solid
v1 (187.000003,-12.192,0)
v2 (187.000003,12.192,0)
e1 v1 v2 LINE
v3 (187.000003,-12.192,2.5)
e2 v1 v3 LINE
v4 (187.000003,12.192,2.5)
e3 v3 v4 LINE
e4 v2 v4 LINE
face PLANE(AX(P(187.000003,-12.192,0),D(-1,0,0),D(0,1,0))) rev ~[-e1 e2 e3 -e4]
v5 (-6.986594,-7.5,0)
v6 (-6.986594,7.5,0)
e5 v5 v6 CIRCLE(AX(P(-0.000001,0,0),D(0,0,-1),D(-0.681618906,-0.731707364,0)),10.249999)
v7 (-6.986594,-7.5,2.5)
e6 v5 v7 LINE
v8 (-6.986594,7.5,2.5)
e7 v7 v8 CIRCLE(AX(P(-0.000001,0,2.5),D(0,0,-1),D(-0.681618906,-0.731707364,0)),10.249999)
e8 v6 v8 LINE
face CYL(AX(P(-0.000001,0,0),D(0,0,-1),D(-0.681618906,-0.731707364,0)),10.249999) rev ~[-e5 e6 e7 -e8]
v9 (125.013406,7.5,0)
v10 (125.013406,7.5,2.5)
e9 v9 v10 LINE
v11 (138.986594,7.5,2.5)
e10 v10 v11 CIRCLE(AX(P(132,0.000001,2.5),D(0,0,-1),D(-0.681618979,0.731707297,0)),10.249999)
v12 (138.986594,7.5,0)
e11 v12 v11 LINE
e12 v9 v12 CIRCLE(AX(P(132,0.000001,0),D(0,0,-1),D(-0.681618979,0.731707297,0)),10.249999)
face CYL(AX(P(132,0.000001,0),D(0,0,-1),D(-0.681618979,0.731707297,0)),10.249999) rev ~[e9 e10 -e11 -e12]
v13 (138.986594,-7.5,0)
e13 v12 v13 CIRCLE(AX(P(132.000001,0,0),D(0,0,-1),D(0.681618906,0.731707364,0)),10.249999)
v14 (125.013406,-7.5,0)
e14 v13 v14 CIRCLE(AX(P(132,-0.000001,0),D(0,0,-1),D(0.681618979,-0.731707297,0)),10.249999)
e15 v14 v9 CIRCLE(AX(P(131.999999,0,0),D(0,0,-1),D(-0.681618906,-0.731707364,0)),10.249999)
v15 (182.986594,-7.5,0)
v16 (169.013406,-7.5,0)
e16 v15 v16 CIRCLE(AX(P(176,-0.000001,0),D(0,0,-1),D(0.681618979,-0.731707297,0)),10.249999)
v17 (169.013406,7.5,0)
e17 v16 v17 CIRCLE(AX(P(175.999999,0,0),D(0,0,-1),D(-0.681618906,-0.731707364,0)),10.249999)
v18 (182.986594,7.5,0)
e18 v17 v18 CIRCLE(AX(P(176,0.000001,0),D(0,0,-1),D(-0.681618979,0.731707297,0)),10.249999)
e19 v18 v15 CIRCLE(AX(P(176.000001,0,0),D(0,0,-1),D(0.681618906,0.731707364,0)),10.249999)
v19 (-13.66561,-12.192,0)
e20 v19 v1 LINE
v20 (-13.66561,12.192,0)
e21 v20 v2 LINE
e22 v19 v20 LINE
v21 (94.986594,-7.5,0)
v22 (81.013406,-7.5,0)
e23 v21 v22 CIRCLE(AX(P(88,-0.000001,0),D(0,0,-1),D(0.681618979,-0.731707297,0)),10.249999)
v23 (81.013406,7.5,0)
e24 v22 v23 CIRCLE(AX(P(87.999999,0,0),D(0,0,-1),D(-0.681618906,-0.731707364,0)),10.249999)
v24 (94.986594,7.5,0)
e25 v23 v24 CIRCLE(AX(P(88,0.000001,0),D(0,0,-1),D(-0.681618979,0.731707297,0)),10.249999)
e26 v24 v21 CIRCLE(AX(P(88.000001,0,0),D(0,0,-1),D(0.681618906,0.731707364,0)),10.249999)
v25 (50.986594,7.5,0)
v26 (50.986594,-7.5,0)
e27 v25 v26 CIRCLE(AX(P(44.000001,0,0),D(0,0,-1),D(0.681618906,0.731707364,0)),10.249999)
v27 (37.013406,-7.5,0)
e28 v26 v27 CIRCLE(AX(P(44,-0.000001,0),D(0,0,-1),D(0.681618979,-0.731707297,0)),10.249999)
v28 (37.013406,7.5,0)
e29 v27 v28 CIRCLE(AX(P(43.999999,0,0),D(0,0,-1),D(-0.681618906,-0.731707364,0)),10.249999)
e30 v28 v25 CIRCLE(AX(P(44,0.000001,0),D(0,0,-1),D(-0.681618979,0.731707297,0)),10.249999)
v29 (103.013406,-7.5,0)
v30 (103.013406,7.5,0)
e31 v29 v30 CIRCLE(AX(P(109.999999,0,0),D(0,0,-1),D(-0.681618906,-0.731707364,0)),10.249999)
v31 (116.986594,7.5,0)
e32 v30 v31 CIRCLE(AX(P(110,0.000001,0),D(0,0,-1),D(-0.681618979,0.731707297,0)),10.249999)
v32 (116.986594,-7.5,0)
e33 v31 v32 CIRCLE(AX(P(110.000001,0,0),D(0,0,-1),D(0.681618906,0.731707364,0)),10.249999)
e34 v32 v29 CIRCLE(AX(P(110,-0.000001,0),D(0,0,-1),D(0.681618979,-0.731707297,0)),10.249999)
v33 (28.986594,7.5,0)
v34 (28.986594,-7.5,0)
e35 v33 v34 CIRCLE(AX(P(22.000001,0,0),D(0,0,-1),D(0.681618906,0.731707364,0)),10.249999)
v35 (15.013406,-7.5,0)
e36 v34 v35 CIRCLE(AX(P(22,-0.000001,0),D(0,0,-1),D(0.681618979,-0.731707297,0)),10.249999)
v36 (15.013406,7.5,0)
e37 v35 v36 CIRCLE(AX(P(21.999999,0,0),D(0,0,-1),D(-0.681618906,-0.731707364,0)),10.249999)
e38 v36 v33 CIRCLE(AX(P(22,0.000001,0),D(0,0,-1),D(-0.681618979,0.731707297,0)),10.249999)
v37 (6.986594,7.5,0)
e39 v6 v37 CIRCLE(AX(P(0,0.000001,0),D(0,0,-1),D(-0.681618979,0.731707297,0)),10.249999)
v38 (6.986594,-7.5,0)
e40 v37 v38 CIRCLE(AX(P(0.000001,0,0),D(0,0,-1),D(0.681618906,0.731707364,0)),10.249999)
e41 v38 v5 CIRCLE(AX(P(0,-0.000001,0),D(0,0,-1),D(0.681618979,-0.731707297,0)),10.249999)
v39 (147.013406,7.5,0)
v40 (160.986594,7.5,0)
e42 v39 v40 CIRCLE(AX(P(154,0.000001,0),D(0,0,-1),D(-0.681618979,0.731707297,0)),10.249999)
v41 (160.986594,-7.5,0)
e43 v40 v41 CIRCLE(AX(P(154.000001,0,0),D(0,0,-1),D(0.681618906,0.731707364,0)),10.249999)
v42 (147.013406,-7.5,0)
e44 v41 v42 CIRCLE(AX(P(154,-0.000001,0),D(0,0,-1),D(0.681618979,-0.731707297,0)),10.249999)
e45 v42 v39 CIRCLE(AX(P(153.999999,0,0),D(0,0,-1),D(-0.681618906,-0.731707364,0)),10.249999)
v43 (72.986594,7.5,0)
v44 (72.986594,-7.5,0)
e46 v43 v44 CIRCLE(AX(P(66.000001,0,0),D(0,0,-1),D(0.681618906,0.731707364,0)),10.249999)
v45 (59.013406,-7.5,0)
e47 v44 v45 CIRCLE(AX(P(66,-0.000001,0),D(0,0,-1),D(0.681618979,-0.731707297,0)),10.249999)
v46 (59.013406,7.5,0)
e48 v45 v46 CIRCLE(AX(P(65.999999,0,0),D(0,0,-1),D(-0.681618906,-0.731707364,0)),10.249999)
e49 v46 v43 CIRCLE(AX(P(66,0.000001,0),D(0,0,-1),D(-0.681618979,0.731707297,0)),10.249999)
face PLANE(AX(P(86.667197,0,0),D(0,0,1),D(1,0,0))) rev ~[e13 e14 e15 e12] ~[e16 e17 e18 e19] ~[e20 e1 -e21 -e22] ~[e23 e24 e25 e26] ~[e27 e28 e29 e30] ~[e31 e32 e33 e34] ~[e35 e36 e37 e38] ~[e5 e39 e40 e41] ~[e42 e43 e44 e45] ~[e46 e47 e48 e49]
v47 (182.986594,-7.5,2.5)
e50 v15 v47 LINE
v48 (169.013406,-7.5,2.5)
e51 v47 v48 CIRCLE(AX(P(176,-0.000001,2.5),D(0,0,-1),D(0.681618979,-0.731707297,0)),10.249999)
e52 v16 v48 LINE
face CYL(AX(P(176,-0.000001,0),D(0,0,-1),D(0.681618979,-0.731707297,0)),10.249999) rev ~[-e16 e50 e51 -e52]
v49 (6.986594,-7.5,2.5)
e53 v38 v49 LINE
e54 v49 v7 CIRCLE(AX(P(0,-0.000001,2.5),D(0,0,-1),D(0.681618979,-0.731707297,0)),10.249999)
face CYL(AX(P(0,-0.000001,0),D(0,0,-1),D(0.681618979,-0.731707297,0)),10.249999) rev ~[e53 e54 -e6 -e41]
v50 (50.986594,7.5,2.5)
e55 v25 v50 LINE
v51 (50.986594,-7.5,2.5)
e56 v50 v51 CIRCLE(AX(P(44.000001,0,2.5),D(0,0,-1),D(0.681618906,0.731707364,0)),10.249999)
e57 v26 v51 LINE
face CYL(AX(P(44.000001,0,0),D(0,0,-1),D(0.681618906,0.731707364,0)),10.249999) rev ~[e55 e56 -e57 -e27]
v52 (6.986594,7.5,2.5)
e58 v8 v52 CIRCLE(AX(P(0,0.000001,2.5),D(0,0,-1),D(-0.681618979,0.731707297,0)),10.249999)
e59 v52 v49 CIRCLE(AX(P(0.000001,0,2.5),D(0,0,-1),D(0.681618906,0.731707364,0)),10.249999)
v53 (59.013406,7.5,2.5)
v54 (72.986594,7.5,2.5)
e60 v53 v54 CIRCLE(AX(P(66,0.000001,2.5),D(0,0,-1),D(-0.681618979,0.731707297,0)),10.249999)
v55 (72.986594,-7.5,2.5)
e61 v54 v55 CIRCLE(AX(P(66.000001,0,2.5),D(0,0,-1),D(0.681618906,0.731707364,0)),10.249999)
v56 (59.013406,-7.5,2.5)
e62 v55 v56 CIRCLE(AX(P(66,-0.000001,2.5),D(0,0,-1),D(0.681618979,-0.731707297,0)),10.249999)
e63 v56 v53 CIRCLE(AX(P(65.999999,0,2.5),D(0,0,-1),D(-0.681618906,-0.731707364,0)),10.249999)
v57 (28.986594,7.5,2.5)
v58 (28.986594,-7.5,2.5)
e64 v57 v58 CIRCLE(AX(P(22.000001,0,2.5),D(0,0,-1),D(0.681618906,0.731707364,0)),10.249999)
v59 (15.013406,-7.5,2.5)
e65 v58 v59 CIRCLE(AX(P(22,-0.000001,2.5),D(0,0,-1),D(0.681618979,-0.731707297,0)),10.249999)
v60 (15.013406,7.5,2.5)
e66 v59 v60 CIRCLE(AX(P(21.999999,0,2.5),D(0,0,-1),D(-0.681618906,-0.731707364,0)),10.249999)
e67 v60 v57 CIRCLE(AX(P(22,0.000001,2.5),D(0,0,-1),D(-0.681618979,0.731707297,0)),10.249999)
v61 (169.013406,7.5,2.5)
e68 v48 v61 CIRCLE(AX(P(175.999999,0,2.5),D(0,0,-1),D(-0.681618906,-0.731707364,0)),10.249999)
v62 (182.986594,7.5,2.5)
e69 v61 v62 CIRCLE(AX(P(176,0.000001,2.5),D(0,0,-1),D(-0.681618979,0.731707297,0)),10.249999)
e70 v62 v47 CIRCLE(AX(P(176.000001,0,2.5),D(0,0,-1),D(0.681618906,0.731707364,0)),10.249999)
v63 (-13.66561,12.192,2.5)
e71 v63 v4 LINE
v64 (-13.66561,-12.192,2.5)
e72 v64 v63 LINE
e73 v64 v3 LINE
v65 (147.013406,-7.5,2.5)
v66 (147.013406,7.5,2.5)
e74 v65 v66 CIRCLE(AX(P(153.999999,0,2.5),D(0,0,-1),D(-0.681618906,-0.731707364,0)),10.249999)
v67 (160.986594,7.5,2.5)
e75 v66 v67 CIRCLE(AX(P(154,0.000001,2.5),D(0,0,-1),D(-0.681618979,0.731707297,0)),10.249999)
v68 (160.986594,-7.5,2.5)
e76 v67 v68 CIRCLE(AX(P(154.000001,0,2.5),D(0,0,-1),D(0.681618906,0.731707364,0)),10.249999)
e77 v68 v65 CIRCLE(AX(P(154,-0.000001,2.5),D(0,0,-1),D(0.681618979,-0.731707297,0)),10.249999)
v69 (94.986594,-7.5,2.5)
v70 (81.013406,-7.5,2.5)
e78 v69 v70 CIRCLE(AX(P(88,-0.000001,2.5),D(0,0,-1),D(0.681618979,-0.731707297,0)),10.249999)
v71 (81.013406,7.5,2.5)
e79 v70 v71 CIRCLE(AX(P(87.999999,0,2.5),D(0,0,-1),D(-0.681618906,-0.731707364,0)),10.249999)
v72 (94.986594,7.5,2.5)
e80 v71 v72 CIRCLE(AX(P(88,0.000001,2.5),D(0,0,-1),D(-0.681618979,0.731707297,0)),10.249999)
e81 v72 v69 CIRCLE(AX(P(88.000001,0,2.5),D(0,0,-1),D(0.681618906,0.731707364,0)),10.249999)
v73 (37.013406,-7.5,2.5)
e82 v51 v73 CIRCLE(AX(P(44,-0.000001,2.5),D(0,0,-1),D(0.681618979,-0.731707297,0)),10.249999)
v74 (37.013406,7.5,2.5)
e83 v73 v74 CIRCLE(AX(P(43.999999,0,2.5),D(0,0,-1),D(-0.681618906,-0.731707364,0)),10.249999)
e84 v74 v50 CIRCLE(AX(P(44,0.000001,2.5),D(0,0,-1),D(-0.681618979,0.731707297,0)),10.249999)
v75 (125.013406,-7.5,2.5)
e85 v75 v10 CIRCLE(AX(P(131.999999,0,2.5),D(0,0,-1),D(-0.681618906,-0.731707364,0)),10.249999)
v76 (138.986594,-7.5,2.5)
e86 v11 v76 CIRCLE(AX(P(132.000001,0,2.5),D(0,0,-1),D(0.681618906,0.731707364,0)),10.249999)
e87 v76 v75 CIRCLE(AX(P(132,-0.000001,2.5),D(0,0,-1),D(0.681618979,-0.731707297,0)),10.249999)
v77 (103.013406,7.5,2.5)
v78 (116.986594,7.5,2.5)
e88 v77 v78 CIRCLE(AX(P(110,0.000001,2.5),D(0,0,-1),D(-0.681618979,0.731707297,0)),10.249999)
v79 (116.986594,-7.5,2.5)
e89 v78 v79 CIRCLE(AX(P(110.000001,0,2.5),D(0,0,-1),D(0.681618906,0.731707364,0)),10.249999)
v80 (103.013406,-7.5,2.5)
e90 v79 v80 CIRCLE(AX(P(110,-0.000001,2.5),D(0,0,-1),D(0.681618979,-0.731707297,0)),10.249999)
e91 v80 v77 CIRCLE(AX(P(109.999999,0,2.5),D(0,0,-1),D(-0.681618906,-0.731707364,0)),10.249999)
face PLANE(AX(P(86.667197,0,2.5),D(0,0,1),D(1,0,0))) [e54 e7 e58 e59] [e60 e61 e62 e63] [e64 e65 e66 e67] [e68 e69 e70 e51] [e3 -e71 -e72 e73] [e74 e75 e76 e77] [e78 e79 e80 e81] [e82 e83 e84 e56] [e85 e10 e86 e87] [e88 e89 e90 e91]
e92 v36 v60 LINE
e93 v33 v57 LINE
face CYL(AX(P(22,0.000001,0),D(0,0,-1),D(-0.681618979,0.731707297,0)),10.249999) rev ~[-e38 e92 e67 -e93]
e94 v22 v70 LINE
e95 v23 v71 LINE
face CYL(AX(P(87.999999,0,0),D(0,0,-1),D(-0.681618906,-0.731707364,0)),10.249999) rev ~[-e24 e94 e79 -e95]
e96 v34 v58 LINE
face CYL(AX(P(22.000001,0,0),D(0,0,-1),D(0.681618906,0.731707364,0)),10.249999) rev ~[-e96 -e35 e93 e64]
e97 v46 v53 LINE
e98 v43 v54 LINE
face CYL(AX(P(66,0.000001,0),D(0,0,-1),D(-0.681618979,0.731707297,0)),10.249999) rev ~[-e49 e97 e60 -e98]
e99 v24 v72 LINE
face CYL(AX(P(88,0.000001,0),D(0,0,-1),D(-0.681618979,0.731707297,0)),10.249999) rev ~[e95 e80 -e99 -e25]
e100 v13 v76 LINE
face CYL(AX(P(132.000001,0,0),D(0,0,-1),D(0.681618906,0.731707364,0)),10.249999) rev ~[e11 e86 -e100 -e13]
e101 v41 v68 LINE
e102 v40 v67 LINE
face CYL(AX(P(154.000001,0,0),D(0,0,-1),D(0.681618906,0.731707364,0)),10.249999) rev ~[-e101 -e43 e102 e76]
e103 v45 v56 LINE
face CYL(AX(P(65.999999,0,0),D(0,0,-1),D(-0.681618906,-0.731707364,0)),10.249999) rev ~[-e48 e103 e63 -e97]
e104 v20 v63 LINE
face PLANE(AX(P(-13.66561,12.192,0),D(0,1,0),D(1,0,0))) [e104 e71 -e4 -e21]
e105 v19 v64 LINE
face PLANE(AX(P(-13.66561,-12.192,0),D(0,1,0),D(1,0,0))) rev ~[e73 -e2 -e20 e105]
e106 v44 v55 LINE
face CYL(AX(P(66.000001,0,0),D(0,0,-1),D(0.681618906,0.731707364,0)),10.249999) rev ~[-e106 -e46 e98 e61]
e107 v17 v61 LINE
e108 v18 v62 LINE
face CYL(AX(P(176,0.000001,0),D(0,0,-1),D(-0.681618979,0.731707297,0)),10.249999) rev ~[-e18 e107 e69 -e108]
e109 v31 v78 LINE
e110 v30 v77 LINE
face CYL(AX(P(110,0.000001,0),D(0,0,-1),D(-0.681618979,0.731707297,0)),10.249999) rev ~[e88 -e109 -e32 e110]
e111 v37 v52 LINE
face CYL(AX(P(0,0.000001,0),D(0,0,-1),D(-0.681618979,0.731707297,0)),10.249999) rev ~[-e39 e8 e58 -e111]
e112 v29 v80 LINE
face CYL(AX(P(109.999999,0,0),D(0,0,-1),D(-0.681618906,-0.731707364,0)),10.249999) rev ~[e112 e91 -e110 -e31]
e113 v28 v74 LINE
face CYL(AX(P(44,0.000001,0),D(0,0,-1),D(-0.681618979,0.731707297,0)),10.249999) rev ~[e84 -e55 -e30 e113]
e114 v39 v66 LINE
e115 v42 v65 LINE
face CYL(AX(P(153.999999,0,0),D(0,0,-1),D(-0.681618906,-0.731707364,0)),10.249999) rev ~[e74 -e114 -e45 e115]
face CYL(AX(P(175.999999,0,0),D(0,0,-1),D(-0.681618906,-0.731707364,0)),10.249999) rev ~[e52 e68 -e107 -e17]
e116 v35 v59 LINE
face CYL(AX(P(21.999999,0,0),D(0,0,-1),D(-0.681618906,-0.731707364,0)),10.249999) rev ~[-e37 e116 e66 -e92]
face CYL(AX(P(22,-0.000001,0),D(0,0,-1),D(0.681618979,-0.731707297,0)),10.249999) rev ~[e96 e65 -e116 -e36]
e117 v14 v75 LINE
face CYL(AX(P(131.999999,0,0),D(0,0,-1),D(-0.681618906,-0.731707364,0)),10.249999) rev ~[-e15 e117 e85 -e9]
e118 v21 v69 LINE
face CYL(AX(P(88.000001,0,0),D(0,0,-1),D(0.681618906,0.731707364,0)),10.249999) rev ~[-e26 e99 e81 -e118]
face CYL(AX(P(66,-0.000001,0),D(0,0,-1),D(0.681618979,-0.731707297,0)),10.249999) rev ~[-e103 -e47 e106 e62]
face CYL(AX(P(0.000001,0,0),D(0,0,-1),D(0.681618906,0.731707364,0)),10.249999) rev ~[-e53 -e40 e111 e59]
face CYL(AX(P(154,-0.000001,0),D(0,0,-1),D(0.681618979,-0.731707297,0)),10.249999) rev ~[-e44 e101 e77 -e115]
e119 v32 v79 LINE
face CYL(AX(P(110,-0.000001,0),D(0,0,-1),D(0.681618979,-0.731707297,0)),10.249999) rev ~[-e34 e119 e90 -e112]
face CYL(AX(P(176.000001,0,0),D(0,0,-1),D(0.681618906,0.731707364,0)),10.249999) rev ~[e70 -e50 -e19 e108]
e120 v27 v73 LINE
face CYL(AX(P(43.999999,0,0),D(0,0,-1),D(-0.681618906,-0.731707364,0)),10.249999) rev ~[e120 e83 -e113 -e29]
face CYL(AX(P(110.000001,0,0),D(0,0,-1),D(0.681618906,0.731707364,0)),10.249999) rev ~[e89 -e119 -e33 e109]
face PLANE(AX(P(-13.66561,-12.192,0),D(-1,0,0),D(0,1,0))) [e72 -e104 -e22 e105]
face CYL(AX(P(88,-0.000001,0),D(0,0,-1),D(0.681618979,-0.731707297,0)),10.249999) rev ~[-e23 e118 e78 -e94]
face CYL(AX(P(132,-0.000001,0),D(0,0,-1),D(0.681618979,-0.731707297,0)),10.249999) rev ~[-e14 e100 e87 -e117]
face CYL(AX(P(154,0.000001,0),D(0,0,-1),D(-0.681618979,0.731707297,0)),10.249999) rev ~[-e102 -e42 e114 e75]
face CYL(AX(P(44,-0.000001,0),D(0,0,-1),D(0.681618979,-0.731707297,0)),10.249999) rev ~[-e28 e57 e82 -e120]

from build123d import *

# Parameters (mm, degrees)
F0_W     = 200.665613
F0_H     = 24.384
F1_DEPTH = 2.5


with BuildPart() as f1:
    # F0 (on Top) → F1 (new body)
    with BuildSketch(Plane.XY):
        with Locations((86.667197, 0)):
            Rectangle(F0_W, F0_H)
        with BuildLine():
            ThreePointArc((-6.986594, -7.5), (-10.25, 0), (-6.986594, 7.5))
            ThreePointArc((-6.986594, 7.5), (0, 10.25), (6.986594, 7.5))
            ThreePointArc((6.986594, 7.5), (10.25, 0), (6.986594, -7.5))
            ThreePointArc((6.986594, -7.5), (0, -10.25), (-6.986594, -7.5))
        make_face(mode=Mode.SUBTRACT)
        with BuildLine():
            ThreePointArc((15.013406, -7.5), (11.75, 0), (15.013406, 7.5))
            ThreePointArc((15.013406, 7.5), (22, 10.25), (28.986594, 7.5))
            ThreePointArc((28.986594, 7.5), (32.25, 0), (28.986594, -7.5))
            ThreePointArc((28.986594, -7.5), (22, -10.25), (15.013406, -7.5))
        make_face(mode=Mode.SUBTRACT)
        with BuildLine():
            ThreePointArc((37.013406, -7.5), (33.75, 0), (37.013406, 7.5))
            ThreePointArc((37.013406, 7.5), (44, 10.25), (50.986594, 7.5))
            ThreePointArc((50.986594, 7.5), (54.25, 0), (50.986594, -7.5))
            ThreePointArc((50.986594, -7.5), (44, -10.25), (37.013406, -7.5))
        make_face(mode=Mode.SUBTRACT)
        with BuildLine():
            ThreePointArc((59.013406, -7.5), (55.75, 0), (59.013406, 7.5))
            ThreePointArc((59.013406, 7.5), (66, 10.25), (72.986594, 7.5))
            ThreePointArc((72.986594, 7.5), (76.25, 0), (72.986594, -7.5))
            ThreePointArc((72.986594, -7.5), (66, -10.25), (59.013406, -7.5))
        make_face(mode=Mode.SUBTRACT)
        with BuildLine():
            ThreePointArc((81.013406, -7.5), (77.75, 0), (81.013406, 7.5))
            ThreePointArc((81.013406, 7.5), (88, 10.25), (94.986594, 7.5))
            ThreePointArc((94.986594, 7.5), (98.25, 0), (94.986594, -7.5))
            ThreePointArc((94.986594, -7.5), (88, -10.25), (81.013406, -7.5))
        make_face(mode=Mode.SUBTRACT)
        with BuildLine():
            ThreePointArc((103.013406, -7.5), (99.75, 0), (103.013406, 7.5))
            ThreePointArc((103.013406, 7.5), (110, 10.25), (116.986594, 7.5))
            ThreePointArc((116.986594, 7.5), (120.25, 0), (116.986594, -7.5))
            ThreePointArc((116.986594, -7.5), (110, -10.25), (103.013406, -7.5))
        make_face(mode=Mode.SUBTRACT)
        with BuildLine():
            ThreePointArc((125.013406, -7.5), (121.75, 0), (125.013406, 7.5))
            ThreePointArc((125.013406, 7.5), (132, 10.25), (138.986594, 7.5))
            ThreePointArc((138.986594, 7.5), (142.25, 0), (138.986594, -7.5))
            ThreePointArc((138.986594, -7.5), (132, -10.25), (125.013406, -7.5))
        make_face(mode=Mode.SUBTRACT)
        with BuildLine():
            ThreePointArc((147.013406, -7.5), (143.75, 0), (147.013406, 7.5))
            ThreePointArc((147.013406, 7.5), (154, 10.25), (160.986594, 7.5))
            ThreePointArc((160.986594, 7.5), (164.25, 0), (160.986594, -7.5))
            ThreePointArc((160.986594, -7.5), (154, -10.25), (147.013406, -7.5))
        make_face(mode=Mode.SUBTRACT)
        with BuildLine():
            ThreePointArc((169.013406, -7.5), (165.75, 0), (169.013406, 7.5))
            ThreePointArc((169.013406, 7.5), (176, 10.25), (182.986594, 7.5))
            ThreePointArc((182.986594, 7.5), (186.25, 0), (182.986594, -7.5))
            ThreePointArc((182.986594, -7.5), (176, -10.25), (169.013406, -7.5))
        make_face(mode=Mode.SUBTRACT)
    extrude(amount=F1_DEPTH)


solid = f1.part
